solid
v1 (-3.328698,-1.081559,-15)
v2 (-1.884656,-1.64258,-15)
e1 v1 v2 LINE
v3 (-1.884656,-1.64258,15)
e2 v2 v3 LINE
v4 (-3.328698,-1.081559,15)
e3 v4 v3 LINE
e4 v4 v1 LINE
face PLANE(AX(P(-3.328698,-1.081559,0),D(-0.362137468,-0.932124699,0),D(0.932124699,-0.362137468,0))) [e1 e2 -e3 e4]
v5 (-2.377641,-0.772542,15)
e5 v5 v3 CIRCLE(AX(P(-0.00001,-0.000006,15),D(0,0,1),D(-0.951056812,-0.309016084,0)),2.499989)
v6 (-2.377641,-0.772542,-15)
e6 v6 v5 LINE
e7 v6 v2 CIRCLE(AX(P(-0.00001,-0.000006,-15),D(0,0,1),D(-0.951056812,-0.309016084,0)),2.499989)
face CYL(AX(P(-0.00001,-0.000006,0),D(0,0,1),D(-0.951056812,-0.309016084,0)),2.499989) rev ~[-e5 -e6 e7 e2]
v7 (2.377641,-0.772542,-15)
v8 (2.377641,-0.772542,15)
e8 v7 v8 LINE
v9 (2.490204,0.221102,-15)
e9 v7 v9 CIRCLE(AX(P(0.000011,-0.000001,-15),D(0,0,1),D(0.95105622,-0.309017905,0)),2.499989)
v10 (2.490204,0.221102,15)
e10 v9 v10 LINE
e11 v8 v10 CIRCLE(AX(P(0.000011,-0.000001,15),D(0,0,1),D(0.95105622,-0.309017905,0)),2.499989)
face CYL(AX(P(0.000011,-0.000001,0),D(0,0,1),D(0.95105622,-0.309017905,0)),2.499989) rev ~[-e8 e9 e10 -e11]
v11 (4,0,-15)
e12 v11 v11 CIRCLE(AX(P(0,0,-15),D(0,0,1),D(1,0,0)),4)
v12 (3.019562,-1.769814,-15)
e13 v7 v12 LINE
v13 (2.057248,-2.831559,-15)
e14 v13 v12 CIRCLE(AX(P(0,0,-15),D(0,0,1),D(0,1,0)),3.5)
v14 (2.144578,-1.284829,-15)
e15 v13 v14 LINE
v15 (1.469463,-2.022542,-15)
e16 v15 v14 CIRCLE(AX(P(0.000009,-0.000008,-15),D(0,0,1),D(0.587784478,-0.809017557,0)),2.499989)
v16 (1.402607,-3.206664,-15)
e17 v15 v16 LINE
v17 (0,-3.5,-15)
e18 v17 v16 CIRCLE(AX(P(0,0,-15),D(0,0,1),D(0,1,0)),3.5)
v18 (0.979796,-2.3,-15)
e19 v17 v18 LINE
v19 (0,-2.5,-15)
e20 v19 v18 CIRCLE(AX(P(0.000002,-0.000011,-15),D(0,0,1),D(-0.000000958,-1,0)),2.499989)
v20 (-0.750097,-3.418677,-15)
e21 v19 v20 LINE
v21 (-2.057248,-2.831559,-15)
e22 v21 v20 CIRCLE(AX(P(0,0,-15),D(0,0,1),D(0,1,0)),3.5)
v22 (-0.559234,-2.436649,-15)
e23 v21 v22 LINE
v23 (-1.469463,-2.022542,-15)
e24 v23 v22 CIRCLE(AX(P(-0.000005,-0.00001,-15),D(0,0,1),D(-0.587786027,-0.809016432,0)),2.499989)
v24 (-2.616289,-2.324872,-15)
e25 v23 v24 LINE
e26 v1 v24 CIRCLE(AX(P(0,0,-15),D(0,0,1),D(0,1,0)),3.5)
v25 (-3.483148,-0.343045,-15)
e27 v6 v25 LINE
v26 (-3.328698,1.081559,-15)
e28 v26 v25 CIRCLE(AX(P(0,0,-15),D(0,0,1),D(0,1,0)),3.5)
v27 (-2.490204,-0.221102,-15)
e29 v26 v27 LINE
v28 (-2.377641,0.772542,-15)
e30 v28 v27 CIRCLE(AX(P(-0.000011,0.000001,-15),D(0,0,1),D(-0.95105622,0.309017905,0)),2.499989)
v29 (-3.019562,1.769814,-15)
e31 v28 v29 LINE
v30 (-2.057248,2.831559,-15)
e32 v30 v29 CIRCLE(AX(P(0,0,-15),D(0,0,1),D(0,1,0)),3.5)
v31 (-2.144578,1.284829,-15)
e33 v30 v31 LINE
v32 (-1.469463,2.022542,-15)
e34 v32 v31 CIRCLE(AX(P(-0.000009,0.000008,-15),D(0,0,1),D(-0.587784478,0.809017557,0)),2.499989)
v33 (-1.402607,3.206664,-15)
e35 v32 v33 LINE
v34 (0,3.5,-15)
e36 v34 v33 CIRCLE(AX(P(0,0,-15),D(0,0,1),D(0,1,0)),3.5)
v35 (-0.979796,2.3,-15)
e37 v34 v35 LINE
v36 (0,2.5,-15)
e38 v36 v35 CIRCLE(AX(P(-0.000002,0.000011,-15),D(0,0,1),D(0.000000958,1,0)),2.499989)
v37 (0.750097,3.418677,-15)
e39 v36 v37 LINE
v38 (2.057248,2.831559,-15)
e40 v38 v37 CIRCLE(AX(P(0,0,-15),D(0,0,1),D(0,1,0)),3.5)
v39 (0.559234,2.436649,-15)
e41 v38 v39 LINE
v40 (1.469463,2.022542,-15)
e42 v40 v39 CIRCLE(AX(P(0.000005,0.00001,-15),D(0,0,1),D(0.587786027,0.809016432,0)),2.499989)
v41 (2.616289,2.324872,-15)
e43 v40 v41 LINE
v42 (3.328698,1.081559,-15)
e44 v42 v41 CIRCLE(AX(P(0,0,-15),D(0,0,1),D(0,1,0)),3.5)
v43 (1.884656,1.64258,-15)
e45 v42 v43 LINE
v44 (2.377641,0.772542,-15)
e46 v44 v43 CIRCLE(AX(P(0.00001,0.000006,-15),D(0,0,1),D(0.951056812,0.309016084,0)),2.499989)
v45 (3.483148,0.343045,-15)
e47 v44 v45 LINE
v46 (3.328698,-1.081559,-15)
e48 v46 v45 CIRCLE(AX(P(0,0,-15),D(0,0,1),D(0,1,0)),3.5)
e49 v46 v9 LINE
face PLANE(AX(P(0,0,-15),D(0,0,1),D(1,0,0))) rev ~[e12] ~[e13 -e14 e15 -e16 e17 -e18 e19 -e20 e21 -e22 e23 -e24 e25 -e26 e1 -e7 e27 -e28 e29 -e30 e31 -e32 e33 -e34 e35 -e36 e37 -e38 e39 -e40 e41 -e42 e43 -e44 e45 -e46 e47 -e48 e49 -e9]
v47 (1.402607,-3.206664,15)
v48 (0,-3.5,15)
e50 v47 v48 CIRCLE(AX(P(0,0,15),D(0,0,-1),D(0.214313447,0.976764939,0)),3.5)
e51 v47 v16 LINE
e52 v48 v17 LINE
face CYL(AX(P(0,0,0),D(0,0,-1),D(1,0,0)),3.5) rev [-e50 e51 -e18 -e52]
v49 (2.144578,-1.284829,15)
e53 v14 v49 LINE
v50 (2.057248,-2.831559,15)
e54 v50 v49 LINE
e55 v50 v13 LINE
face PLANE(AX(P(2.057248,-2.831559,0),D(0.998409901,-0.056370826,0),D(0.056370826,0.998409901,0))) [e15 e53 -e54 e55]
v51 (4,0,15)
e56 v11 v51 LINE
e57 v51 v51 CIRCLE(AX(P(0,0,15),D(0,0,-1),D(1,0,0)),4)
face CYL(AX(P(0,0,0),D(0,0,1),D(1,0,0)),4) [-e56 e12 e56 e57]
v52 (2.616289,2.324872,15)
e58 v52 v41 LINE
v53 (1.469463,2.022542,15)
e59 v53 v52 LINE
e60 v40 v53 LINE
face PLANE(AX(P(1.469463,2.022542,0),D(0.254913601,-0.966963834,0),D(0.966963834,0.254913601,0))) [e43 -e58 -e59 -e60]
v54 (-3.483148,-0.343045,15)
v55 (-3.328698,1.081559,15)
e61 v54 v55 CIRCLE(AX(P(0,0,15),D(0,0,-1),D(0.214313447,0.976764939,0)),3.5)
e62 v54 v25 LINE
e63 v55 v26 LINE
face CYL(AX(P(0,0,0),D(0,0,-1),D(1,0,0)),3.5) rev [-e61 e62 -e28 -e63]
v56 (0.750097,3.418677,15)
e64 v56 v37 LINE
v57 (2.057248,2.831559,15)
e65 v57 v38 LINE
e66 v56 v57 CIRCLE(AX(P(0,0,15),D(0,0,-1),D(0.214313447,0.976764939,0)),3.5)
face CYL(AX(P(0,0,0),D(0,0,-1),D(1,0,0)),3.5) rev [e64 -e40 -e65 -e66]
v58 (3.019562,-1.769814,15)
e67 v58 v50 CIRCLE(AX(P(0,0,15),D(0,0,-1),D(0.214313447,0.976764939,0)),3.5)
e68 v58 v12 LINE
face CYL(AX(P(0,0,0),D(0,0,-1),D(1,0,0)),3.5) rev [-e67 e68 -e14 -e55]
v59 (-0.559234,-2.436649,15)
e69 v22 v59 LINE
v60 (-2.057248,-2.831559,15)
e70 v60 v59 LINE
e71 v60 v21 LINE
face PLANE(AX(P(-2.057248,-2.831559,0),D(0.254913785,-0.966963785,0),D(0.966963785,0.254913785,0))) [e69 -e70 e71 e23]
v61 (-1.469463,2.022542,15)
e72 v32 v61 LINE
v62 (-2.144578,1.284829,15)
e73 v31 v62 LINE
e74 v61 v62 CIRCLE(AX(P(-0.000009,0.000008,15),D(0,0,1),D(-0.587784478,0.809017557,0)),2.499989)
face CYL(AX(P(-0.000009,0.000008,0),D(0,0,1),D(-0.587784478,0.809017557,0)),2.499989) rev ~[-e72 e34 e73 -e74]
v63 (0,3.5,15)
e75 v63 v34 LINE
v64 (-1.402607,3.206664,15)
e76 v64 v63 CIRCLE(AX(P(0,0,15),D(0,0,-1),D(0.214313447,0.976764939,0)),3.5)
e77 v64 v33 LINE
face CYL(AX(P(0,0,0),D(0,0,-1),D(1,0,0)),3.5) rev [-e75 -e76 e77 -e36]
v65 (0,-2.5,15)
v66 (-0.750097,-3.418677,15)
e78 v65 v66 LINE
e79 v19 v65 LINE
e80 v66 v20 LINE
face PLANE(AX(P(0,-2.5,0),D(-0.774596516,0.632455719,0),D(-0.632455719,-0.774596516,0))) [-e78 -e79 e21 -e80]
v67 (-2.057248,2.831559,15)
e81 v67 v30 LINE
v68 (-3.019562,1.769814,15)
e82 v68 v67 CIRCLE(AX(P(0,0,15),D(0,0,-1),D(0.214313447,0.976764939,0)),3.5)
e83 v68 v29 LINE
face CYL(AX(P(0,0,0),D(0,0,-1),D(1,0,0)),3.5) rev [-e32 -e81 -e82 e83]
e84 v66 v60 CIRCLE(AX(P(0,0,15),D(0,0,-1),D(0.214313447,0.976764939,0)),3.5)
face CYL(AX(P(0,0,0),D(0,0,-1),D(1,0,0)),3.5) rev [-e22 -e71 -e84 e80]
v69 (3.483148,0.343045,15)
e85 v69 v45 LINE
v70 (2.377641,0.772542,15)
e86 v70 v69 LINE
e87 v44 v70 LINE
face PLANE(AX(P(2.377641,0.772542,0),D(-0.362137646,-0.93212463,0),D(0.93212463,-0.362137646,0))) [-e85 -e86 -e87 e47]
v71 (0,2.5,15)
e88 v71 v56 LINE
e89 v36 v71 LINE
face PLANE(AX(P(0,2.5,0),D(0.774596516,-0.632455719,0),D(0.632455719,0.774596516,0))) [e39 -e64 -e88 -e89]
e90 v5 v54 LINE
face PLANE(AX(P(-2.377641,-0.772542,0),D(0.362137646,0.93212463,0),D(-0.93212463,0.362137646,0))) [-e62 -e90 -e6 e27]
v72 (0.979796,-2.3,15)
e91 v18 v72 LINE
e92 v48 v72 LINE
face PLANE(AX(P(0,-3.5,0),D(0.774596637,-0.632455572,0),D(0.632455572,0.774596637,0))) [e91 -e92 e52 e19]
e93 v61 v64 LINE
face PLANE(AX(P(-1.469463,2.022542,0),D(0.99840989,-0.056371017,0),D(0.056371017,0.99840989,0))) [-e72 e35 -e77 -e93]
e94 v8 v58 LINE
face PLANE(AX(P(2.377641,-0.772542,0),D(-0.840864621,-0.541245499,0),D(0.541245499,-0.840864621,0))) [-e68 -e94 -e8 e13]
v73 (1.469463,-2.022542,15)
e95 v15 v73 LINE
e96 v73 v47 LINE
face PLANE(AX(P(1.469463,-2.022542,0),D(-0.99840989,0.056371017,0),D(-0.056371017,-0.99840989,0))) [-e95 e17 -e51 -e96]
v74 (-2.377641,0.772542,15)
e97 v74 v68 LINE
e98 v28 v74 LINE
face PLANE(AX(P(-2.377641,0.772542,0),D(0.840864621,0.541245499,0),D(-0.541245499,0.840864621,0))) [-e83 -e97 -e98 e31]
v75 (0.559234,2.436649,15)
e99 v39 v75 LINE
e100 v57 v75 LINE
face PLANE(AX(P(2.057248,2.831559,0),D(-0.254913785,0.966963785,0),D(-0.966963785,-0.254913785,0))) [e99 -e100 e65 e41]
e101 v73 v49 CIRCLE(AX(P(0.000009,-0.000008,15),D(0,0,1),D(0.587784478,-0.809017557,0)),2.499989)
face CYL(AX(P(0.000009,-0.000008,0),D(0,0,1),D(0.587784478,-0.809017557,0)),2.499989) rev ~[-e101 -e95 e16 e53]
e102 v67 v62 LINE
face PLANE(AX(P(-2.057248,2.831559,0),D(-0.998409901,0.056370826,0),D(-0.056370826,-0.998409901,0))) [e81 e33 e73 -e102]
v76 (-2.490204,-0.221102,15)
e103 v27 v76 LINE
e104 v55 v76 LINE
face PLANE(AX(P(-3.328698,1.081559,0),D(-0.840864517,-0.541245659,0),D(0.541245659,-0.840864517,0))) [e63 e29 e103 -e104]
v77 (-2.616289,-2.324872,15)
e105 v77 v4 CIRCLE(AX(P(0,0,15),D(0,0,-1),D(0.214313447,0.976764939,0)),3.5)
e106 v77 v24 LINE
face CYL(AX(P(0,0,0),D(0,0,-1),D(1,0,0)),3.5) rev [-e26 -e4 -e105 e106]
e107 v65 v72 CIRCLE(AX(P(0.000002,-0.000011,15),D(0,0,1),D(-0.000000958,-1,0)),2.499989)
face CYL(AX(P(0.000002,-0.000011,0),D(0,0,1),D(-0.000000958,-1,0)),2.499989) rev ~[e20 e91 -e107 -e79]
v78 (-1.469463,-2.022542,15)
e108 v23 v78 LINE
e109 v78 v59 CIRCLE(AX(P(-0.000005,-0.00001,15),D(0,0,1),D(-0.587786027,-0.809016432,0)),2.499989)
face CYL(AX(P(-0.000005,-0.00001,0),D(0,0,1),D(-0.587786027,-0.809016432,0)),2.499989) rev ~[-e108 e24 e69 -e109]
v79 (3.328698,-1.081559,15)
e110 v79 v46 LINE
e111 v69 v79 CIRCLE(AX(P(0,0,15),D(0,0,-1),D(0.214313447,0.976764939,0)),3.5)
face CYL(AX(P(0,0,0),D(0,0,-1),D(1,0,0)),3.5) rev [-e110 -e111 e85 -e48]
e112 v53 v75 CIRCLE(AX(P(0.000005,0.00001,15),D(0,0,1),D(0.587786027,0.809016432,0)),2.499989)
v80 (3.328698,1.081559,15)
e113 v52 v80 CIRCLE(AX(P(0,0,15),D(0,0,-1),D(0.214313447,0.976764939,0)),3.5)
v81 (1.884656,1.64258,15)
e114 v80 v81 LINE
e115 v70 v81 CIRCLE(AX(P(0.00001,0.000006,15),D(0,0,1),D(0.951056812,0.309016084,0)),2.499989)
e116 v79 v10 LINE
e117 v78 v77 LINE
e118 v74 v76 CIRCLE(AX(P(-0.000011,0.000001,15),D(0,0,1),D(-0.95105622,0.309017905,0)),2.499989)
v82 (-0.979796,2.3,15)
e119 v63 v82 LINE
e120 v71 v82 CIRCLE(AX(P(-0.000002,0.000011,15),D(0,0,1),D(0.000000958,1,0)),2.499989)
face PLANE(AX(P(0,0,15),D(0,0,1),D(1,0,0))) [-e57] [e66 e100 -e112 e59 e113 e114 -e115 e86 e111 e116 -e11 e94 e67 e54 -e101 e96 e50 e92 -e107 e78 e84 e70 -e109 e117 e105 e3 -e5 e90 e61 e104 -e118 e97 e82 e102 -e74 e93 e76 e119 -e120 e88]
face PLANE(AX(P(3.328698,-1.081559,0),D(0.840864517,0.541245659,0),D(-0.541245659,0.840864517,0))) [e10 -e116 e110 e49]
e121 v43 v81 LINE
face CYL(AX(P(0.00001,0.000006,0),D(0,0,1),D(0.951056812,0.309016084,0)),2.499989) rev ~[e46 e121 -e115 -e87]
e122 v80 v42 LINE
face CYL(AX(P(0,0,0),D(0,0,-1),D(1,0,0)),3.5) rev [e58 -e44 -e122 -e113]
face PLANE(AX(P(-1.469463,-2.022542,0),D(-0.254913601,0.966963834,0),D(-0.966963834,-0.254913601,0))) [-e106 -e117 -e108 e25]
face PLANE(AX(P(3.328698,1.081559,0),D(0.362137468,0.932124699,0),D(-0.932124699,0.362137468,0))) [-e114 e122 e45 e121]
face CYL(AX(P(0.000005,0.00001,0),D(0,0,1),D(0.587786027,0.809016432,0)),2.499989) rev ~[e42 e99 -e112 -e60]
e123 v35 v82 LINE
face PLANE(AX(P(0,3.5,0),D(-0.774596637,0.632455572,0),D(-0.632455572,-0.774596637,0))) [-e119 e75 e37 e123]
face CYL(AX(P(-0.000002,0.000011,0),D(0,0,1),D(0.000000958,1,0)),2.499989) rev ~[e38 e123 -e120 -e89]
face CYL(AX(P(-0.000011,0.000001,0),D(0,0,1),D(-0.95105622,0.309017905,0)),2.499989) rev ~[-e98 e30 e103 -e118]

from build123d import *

# Parameters (mm, degrees)
SKETCH001_R        = 4
SKETCH001_R_2      = 3.5
PAD_DEPTH          = 15
PAD001_DEPTH       = 15
POLARPATTERN_COUNT = 10


with BuildPart() as part:
    # Sketch001 → Pad (new body, symmetric)
    with BuildSketch(Plane.XY):
        Circle(SKETCH001_R)
        Circle(SKETCH001_R_2, mode=Mode.SUBTRACT)
    extrude(amount=PAD_DEPTH, both=True)

    # Sketch → Pad001 (join, symmetric)
    with BuildSketch(Plane.XY):
        with BuildLine():
            Line((0, 3.5), (-0.979796, 2.3))
            ThreePointArc((0, 2.5), (-0.5, 2.44949), (-0.979796, 2.3))
            Line((0, 2.5), (0.750097, 3.418677))
            ThreePointArc((0.750097, 3.418677), (0.377246, 3.47961), (0, 3.5))
        make_face()
    extrude(amount=PAD001_DEPTH, both=True)

    # PolarPattern: part ×10 about axis
    polarpattern_axis = Axis((0, 0, 0), (0, 0, 1))


with BuildPart() as part_1:
    add(part.part)
    for i in range(1, POLARPATTERN_COUNT):
        add(part.part.rotate(polarpattern_axis, i * 360 / POLARPATTERN_COUNT))


solid = part_1.part
